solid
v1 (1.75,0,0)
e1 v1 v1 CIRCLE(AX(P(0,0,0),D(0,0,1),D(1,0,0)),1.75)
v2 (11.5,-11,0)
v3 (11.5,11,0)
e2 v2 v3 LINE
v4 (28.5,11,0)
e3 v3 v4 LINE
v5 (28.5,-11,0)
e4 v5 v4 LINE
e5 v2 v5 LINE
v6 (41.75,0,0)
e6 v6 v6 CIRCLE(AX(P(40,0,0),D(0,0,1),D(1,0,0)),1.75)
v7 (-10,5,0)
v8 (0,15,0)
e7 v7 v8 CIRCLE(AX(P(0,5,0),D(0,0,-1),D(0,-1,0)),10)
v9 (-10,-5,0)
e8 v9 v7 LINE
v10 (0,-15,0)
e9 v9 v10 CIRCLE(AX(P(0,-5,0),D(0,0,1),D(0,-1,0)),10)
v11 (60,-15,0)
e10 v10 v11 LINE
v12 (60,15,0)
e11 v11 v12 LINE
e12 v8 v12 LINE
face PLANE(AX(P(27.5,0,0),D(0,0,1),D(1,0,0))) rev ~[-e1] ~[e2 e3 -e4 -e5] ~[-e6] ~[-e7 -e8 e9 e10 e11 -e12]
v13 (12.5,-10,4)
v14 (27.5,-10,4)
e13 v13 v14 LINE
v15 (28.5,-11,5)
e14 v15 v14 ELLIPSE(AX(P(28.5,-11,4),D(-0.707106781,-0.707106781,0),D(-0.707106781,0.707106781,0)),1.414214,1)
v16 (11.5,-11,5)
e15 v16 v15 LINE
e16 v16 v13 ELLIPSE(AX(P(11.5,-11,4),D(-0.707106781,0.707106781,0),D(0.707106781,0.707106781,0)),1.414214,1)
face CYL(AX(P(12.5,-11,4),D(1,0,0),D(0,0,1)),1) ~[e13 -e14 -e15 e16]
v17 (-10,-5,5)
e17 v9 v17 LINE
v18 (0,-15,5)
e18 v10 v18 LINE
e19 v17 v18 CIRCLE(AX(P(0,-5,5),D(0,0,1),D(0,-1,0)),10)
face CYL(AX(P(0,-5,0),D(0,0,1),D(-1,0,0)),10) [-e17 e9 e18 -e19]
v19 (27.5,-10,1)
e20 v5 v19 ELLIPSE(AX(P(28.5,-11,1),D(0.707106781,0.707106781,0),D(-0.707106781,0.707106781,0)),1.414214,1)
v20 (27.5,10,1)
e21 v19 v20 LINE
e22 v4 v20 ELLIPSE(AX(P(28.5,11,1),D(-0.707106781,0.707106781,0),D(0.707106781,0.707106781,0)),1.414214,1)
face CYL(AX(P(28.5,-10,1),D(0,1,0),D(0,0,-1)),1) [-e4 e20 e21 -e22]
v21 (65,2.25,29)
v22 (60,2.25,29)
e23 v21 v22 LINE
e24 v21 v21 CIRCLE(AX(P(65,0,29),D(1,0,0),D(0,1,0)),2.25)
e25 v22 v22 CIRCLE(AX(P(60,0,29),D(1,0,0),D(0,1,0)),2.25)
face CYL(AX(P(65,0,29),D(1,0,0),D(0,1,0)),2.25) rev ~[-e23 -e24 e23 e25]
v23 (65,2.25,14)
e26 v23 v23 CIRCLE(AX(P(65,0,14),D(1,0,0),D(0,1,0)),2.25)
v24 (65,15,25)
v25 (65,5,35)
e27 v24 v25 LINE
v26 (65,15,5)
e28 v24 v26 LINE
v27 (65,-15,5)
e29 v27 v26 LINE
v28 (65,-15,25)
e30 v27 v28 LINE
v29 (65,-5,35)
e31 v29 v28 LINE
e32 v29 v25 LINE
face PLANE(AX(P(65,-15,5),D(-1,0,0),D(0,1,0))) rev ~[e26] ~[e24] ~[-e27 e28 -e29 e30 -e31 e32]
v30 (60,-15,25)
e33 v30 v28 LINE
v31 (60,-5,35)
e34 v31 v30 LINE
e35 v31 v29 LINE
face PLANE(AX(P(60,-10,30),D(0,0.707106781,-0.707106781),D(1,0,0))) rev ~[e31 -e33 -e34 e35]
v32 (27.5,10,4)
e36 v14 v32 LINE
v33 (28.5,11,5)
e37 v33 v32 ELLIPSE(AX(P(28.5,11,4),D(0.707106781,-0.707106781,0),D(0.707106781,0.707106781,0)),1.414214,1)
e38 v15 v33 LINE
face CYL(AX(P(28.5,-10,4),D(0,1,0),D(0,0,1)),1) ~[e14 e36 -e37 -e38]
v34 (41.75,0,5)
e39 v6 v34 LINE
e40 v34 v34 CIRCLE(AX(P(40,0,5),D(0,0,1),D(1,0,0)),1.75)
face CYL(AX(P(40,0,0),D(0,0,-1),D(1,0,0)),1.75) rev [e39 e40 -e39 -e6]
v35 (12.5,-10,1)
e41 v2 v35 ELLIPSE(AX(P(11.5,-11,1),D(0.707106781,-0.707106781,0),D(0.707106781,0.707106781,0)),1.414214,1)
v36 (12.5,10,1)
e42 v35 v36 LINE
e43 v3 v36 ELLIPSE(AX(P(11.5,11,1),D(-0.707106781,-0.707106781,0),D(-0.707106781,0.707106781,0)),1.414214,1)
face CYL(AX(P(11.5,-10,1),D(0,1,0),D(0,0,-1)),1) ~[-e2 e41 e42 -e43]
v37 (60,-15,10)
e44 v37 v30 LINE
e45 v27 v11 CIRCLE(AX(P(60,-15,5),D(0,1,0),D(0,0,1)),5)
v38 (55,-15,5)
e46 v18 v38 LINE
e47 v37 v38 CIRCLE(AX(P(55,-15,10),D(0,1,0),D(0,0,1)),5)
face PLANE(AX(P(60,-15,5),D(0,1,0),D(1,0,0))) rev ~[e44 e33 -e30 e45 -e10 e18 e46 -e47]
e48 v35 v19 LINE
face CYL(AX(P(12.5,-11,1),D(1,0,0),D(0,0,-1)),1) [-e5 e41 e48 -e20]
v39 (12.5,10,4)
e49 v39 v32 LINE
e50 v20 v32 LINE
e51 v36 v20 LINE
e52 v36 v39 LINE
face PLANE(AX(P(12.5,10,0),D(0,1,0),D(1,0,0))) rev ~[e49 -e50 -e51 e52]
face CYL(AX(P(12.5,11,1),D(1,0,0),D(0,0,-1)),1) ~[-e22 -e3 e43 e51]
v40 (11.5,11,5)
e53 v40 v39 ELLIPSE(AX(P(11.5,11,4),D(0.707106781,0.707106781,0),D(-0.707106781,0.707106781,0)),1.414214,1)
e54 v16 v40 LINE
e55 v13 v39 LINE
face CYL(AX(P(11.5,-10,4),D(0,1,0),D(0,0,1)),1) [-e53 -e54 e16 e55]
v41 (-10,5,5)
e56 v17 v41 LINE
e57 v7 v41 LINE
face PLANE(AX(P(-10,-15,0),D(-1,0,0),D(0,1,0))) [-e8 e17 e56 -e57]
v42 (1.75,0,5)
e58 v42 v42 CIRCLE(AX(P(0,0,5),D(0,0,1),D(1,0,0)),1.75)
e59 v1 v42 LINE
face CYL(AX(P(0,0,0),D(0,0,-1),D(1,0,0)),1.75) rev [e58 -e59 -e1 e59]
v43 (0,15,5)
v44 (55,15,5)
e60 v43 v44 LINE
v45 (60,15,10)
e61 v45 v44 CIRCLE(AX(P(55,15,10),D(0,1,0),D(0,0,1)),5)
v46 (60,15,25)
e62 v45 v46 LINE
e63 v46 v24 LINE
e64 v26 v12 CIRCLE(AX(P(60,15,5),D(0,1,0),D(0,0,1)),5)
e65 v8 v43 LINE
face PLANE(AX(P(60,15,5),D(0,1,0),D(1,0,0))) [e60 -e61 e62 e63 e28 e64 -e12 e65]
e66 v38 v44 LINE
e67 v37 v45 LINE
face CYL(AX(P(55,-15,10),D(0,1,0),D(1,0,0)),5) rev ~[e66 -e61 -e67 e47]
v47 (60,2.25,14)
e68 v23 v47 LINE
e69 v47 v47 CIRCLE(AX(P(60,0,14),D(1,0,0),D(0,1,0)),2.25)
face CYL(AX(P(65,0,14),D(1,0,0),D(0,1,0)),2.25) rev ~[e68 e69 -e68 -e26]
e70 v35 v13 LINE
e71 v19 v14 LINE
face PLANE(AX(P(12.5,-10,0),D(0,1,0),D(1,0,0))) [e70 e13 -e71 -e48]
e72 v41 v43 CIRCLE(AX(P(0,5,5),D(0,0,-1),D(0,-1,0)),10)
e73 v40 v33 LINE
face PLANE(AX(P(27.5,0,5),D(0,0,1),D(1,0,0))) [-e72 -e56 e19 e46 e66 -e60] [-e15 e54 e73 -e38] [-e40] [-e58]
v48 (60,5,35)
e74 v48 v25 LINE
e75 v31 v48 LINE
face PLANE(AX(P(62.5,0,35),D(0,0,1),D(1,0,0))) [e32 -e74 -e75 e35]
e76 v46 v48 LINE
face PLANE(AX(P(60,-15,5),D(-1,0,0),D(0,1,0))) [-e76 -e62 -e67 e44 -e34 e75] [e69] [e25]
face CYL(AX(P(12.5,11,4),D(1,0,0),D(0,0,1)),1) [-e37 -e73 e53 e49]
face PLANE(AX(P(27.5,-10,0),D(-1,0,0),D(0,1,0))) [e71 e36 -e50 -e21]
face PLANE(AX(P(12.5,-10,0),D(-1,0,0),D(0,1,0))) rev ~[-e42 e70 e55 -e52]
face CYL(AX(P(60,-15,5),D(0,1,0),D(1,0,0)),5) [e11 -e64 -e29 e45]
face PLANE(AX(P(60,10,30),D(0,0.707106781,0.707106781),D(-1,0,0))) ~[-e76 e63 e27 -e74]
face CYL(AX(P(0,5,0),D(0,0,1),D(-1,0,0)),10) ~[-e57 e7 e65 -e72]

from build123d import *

# Parameters (mm, degrees)
SKETCH_W     = 75
SKETCH_H     = 30
SKETCH_R     = 1.75
SKETCH_W_2   = 15
SKETCH_H_2   = 20
PAD_DEPTH    = 5
FILLET_R     = 10
FILLET001_R  = 1
SKETCH001_W  = 5
SKETCH001_H  = 30
PAD001_DEPTH = 30
FILLET002_R  = 5
FILLET003_R  = 5
SKETCH002_R  = 2.25
POCKET_DEPTH = 75.001
CHAMFER_SIZE = 10


with BuildPart() as part:
    # Sketch → Pad (new body)
    with BuildSketch(Plane.XY):
        with Locations((27.5, 0)):
            Rectangle(SKETCH_W, SKETCH_H)
        Circle(SKETCH_R, mode=Mode.SUBTRACT)
        with Locations((40, 0)):
            Circle(SKETCH_R, mode=Mode.SUBTRACT)
        with Locations((20, 0)):
            Rectangle(SKETCH_W_2, SKETCH_H_2, mode=Mode.SUBTRACT)
    extrude(amount=PAD_DEPTH)

    # Fillet
    fillet_edges = [part.edges().sort_by_distance(p)[0] for p in [
        (-10, 15, 2.5),
        (-10, -15, 2.5),
    ]]
    fillet(fillet_edges, radius=FILLET_R)

    # Fillet001
    fillet001_edges = [part.edges().sort_by_distance(p)[0] for p in [
        (12.5, 0, 5),
        (12.5, 0, 0),
        (20, 10, 0),
        (20, 10, 5),
        (27.5, 0, 5),
        (20, -10, 5),
        (27.5, 0, 0),
        (20, -10, 0),
    ]]
    fillet(fillet001_edges, radius=FILLET001_R)

    # Sketch001 (on Face18 of Fillet001) → Pad001 (join)
    with BuildSketch(Plane.XY.offset(5)):
        with Locations((62.5, 0)):
            Rectangle(SKETCH001_W, SKETCH001_H)
    extrude(amount=PAD001_DEPTH)

    # Fillet002
    fillet002_edges = [part.edges().sort_by_distance(p)[0] for p in [
        (65, 0, 0),
    ]]
    fillet(fillet002_edges, radius=FILLET002_R)

    # Fillet003
    fillet003_edges = [part.edges().sort_by_distance(p)[0] for p in [
        (60, 0, 5),
    ]]
    fillet(fillet003_edges, radius=FILLET003_R)

    # Sketch002 (on Face9 of Fillet003) → Pocket (cut, through all)
    with BuildSketch(Plane.YZ.offset(65)):
        with Locations((0, 29)):
            Circle(SKETCH002_R)
        with Locations((0, 14)):
            Circle(SKETCH002_R)
    extrude(amount=-POCKET_DEPTH, mode=Mode.SUBTRACT)

    # Chamfer
    chamfer_edges = [part.edges().sort_by_distance(p)[0] for p in [
        (62.5, -15, 35),
        (62.5, 15, 35),
    ]]
    chamfer(chamfer_edges, length=CHAMFER_SIZE)


solid = part.part
